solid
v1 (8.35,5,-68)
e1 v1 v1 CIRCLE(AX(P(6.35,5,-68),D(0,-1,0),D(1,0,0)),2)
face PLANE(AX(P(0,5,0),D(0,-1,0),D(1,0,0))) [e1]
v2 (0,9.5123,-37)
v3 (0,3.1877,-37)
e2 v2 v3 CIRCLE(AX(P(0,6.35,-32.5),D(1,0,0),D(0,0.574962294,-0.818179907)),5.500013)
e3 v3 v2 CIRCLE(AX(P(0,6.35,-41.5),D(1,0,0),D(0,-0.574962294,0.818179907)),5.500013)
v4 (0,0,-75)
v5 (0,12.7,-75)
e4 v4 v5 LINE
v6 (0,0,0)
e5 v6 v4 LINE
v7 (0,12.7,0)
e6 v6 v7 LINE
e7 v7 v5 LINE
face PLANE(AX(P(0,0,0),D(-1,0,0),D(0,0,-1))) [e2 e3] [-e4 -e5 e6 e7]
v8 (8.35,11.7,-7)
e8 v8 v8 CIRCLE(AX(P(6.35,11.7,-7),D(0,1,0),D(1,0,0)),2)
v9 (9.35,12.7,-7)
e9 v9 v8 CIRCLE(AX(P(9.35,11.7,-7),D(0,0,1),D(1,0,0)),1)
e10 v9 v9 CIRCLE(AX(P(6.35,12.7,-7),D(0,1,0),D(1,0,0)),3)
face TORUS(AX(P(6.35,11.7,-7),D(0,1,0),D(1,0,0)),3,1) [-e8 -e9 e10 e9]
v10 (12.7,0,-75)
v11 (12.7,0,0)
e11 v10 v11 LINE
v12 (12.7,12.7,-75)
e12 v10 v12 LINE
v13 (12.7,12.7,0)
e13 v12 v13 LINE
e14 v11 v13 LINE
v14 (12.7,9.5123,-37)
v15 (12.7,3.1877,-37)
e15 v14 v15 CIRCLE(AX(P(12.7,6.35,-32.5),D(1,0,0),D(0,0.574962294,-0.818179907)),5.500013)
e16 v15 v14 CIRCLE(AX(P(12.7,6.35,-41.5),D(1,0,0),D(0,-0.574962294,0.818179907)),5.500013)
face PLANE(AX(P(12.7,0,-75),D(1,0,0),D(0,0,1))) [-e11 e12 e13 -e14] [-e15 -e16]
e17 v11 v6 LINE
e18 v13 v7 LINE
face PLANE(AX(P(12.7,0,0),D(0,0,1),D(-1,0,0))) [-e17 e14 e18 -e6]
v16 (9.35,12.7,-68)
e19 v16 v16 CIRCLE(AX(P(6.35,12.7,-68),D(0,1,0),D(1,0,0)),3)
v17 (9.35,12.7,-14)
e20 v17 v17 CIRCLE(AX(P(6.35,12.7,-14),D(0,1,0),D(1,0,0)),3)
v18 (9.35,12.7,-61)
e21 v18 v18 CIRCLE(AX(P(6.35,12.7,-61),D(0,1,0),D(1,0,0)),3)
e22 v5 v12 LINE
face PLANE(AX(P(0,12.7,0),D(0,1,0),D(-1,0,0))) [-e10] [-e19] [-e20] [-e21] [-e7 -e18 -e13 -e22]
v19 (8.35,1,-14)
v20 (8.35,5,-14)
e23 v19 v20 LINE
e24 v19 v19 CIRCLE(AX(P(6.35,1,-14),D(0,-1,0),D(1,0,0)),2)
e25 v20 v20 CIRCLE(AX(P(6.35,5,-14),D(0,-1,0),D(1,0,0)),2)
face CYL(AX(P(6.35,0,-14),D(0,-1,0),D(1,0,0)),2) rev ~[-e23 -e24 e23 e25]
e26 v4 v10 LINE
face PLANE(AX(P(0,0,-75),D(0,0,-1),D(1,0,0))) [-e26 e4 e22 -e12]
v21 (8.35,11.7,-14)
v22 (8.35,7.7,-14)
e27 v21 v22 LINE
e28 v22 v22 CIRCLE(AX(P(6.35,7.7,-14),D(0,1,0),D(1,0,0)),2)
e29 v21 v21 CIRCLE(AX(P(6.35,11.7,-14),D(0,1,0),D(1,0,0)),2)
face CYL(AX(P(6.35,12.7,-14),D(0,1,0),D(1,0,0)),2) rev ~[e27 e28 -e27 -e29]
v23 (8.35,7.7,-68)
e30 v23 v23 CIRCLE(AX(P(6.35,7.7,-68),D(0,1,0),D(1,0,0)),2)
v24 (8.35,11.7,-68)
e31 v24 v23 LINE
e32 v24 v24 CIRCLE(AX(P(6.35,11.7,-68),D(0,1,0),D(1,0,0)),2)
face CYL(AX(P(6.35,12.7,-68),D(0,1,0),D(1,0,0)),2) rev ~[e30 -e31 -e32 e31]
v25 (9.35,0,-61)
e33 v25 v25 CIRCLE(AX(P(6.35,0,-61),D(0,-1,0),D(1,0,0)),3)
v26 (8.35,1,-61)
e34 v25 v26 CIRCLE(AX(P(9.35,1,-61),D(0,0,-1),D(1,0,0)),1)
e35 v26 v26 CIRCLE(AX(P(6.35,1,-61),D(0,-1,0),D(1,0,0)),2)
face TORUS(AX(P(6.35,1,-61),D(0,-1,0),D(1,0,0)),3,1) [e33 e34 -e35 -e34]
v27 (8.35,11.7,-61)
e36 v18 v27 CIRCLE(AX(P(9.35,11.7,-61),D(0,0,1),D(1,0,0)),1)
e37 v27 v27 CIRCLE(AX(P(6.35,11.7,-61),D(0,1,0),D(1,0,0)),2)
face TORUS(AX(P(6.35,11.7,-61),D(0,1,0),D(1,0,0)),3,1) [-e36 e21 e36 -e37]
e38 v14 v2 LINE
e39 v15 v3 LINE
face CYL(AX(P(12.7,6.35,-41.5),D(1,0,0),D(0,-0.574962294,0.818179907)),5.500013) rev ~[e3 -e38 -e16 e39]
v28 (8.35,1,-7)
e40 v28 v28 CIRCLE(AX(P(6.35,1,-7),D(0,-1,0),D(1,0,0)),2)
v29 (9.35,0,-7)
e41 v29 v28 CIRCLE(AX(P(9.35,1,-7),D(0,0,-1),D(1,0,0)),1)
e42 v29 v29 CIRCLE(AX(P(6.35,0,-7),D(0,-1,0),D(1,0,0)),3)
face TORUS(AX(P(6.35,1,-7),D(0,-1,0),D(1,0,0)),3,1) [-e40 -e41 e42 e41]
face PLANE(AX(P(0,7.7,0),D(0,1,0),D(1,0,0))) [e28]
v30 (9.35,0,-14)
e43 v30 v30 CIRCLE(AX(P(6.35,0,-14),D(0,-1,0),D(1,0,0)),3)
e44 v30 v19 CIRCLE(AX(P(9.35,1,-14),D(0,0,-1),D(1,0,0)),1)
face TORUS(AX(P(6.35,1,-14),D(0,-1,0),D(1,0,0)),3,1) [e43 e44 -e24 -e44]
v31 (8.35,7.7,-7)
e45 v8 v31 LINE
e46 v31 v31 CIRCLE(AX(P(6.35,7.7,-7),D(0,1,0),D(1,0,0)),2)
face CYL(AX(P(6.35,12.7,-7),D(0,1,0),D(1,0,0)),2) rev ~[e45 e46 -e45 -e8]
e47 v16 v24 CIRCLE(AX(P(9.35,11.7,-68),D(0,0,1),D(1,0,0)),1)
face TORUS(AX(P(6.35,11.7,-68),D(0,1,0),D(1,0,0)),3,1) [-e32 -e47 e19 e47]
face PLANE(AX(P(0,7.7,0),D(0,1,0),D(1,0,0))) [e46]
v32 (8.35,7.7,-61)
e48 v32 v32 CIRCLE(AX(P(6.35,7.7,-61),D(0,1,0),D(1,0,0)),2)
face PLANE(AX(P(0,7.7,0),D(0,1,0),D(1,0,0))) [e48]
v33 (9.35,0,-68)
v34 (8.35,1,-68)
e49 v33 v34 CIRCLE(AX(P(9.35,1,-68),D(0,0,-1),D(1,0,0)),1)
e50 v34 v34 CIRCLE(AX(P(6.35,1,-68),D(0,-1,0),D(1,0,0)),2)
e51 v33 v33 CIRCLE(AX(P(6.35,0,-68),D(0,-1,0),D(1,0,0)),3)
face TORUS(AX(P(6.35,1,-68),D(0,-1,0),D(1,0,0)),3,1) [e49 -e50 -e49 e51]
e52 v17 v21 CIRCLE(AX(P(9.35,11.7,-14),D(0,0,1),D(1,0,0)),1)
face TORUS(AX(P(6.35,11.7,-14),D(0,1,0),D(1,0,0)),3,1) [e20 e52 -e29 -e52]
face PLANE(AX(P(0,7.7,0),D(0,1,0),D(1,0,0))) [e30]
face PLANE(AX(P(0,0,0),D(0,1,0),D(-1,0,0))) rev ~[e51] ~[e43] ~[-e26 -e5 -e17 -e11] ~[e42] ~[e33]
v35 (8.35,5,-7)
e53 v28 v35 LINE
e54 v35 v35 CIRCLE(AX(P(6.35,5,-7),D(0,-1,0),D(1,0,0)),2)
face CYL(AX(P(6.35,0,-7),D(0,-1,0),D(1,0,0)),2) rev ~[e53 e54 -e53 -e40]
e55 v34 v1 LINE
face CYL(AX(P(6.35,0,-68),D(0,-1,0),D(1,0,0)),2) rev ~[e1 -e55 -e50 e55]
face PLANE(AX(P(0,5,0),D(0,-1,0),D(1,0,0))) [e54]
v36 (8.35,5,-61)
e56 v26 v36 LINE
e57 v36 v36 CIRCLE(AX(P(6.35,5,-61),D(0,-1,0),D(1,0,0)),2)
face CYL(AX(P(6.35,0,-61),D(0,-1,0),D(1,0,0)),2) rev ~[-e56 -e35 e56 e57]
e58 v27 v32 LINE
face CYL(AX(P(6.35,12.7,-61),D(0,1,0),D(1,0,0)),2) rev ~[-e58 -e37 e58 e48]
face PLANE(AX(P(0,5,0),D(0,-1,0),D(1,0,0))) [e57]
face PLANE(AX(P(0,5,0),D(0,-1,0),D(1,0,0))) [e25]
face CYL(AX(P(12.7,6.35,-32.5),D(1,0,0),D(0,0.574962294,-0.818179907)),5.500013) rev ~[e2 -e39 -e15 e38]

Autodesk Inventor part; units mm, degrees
ref_plane "YZ Plane" through (0, 0, 0) normal (1, 0, 0) x (0, 1, 0)
ref_plane "XZ Plane" through (0, 0, 0) normal (0, 1, 0) x (-1, 0, 0)
ref_plane "XY Plane" through (0, 0, 0) normal (0, 0, 1) x (1, 0, 0)
sketch "Sketch1" plane through (0, 0, 0) normal (0, 1, 0) x (-1, 0, 0)
  line L0 (0, 0) -> (0, -75)
  line L1 (0, -75) -> (-12.7, -75)
  line L2 (-12.7, -75) -> (-12.7, 0)
  line L3 (-12.7, 0) -> (0, 0)
  dimension "d0" = 75
  dimension "d1" = 12.7
extrude "Extrusion1" add sketch "Sketch1" along normal blind 12.7
sketch "Sketch2" plane through (12.7, 0, 0) normal (1, 0, 0) x (0, 0, -1)
  line L0 (0, 0) -> (0, 12.7) projected
  arc A0 (37, 9.5123) -> (37, 3.1877) centre (32.5, 6.35) ccw
  arc A1 (37, 3.1877) -> (37, 9.5123) centre (41.5, 6.35) ccw
  line L1 (0, 0) -> (75, 0) projected
  line L2 (75, 0) -> (75, 12.7) projected
  line L3 (0, 12.7) -> (75, 12.7) projected
  line L4 (0, 0) -> (0, 12.7) projected
  dimension "d8" = 11
extrude "Extrusion2" cut sketch "Sketch2" against normal through all contours A1 A0
sketch "Sketch6" plane through (0, 12.7, 0) normal (0, 1, 0) x (1, 0, 0)
  line L0 (0, 0) -> (12.7, 0) projected
  circle A0 centre (6.35, 14) radius 2
  circle A1 centre (6.35, 7) radius 2
  line L1 (12.7, 75) -> (0, 75) projected
  circle A2 centre (6.35, 68) radius 2
  circle A3 centre (6.35, 61) radius 2
  dimension "d24" = 4
  dimension "d26" = 4
  dimension "d29" = 4
extrude "Extrusion5" cut sketch "Sketch6" against normal blind 5
sketch "Sketch7" plane through (0, 0, 0) normal (0, -1, 0) x (1, 0, 0)
  circle A0 centre (6.35, -14) radius 2 projected
  circle A1 centre (6.35, -14) radius 2
  circle A2 centre (6.35, -7) radius 2 projected
  circle A3 centre (6.35, -7) radius 2
  circle A4 centre (6.35, -68) radius 2 projected
  circle A5 centre (6.35, -68) radius 2
  circle A6 centre (6.35, -61) radius 2 projected
  circle A7 centre (6.35, -61) radius 2
  point P0 (0, 0)
extrude "Extrusion6" cut sketch "Sketch7" against normal blind 5
fillet "Fillet1" radius 1 8 edges at (4.35, 0, -68) (4.35, 0, -61) (4.35, 0, -14) (4.35, 0, -7) (4.35, 12.7, -14) (4.35, 12.7, -7) (4.35, 12.7, -68) (4.35, 12.7, -61)
thread "Thread1" size "M4x0.7" class "6H" standard "ANSI Metric M Profile" full length
thread "Thread2" size "M4x0.7" class "6H" standard "ANSI Metric M Profile" full length
thread "Thread3" size "M4x0.7" class "6H" standard "ANSI Metric M Profile" full length
thread "Thread4" size "M4x0.7" class "6H" standard "ANSI Metric M Profile" full length
thread "Thread5" size "M4x0.7" class "6H" standard "ANSI Metric M Profile" full length
thread "Thread6" size "M4x0.7" class "6H" standard "ANSI Metric M Profile" full length
thread "Thread7" size "M4x0.7" class "6H" standard "ANSI Metric M Profile" full length
thread "Thread8" size "M4x0.7" class "6H" standard "ANSI Metric M Profile" full length
sketch "Esboço8" plane through (0, 12.7, 0) normal (0, 1, 0) x (1, 0, 0)
  point P0 (0, 0)
equation "\"BendRadius\" = Thickness"
equation "\"BendReliefWidth\" = Thickness"
equation "\"BendReliefDepth\" = 0.5 * Thickness"
equation "\"CornerReliefSize\" = 4 * Thickness"
equation "\"MinimumRemnant\" = 2 * Thickness"
equation "\"TransitionRadius\" = BendRadius"
equation "\"JacobiRadiusSize\" = BendRadius"
equation "\"GapSize\" = Thickness"
equation "\"Thickness\" = 3.048"
properties part number "celula de carga" material "Iron, Malleable"
